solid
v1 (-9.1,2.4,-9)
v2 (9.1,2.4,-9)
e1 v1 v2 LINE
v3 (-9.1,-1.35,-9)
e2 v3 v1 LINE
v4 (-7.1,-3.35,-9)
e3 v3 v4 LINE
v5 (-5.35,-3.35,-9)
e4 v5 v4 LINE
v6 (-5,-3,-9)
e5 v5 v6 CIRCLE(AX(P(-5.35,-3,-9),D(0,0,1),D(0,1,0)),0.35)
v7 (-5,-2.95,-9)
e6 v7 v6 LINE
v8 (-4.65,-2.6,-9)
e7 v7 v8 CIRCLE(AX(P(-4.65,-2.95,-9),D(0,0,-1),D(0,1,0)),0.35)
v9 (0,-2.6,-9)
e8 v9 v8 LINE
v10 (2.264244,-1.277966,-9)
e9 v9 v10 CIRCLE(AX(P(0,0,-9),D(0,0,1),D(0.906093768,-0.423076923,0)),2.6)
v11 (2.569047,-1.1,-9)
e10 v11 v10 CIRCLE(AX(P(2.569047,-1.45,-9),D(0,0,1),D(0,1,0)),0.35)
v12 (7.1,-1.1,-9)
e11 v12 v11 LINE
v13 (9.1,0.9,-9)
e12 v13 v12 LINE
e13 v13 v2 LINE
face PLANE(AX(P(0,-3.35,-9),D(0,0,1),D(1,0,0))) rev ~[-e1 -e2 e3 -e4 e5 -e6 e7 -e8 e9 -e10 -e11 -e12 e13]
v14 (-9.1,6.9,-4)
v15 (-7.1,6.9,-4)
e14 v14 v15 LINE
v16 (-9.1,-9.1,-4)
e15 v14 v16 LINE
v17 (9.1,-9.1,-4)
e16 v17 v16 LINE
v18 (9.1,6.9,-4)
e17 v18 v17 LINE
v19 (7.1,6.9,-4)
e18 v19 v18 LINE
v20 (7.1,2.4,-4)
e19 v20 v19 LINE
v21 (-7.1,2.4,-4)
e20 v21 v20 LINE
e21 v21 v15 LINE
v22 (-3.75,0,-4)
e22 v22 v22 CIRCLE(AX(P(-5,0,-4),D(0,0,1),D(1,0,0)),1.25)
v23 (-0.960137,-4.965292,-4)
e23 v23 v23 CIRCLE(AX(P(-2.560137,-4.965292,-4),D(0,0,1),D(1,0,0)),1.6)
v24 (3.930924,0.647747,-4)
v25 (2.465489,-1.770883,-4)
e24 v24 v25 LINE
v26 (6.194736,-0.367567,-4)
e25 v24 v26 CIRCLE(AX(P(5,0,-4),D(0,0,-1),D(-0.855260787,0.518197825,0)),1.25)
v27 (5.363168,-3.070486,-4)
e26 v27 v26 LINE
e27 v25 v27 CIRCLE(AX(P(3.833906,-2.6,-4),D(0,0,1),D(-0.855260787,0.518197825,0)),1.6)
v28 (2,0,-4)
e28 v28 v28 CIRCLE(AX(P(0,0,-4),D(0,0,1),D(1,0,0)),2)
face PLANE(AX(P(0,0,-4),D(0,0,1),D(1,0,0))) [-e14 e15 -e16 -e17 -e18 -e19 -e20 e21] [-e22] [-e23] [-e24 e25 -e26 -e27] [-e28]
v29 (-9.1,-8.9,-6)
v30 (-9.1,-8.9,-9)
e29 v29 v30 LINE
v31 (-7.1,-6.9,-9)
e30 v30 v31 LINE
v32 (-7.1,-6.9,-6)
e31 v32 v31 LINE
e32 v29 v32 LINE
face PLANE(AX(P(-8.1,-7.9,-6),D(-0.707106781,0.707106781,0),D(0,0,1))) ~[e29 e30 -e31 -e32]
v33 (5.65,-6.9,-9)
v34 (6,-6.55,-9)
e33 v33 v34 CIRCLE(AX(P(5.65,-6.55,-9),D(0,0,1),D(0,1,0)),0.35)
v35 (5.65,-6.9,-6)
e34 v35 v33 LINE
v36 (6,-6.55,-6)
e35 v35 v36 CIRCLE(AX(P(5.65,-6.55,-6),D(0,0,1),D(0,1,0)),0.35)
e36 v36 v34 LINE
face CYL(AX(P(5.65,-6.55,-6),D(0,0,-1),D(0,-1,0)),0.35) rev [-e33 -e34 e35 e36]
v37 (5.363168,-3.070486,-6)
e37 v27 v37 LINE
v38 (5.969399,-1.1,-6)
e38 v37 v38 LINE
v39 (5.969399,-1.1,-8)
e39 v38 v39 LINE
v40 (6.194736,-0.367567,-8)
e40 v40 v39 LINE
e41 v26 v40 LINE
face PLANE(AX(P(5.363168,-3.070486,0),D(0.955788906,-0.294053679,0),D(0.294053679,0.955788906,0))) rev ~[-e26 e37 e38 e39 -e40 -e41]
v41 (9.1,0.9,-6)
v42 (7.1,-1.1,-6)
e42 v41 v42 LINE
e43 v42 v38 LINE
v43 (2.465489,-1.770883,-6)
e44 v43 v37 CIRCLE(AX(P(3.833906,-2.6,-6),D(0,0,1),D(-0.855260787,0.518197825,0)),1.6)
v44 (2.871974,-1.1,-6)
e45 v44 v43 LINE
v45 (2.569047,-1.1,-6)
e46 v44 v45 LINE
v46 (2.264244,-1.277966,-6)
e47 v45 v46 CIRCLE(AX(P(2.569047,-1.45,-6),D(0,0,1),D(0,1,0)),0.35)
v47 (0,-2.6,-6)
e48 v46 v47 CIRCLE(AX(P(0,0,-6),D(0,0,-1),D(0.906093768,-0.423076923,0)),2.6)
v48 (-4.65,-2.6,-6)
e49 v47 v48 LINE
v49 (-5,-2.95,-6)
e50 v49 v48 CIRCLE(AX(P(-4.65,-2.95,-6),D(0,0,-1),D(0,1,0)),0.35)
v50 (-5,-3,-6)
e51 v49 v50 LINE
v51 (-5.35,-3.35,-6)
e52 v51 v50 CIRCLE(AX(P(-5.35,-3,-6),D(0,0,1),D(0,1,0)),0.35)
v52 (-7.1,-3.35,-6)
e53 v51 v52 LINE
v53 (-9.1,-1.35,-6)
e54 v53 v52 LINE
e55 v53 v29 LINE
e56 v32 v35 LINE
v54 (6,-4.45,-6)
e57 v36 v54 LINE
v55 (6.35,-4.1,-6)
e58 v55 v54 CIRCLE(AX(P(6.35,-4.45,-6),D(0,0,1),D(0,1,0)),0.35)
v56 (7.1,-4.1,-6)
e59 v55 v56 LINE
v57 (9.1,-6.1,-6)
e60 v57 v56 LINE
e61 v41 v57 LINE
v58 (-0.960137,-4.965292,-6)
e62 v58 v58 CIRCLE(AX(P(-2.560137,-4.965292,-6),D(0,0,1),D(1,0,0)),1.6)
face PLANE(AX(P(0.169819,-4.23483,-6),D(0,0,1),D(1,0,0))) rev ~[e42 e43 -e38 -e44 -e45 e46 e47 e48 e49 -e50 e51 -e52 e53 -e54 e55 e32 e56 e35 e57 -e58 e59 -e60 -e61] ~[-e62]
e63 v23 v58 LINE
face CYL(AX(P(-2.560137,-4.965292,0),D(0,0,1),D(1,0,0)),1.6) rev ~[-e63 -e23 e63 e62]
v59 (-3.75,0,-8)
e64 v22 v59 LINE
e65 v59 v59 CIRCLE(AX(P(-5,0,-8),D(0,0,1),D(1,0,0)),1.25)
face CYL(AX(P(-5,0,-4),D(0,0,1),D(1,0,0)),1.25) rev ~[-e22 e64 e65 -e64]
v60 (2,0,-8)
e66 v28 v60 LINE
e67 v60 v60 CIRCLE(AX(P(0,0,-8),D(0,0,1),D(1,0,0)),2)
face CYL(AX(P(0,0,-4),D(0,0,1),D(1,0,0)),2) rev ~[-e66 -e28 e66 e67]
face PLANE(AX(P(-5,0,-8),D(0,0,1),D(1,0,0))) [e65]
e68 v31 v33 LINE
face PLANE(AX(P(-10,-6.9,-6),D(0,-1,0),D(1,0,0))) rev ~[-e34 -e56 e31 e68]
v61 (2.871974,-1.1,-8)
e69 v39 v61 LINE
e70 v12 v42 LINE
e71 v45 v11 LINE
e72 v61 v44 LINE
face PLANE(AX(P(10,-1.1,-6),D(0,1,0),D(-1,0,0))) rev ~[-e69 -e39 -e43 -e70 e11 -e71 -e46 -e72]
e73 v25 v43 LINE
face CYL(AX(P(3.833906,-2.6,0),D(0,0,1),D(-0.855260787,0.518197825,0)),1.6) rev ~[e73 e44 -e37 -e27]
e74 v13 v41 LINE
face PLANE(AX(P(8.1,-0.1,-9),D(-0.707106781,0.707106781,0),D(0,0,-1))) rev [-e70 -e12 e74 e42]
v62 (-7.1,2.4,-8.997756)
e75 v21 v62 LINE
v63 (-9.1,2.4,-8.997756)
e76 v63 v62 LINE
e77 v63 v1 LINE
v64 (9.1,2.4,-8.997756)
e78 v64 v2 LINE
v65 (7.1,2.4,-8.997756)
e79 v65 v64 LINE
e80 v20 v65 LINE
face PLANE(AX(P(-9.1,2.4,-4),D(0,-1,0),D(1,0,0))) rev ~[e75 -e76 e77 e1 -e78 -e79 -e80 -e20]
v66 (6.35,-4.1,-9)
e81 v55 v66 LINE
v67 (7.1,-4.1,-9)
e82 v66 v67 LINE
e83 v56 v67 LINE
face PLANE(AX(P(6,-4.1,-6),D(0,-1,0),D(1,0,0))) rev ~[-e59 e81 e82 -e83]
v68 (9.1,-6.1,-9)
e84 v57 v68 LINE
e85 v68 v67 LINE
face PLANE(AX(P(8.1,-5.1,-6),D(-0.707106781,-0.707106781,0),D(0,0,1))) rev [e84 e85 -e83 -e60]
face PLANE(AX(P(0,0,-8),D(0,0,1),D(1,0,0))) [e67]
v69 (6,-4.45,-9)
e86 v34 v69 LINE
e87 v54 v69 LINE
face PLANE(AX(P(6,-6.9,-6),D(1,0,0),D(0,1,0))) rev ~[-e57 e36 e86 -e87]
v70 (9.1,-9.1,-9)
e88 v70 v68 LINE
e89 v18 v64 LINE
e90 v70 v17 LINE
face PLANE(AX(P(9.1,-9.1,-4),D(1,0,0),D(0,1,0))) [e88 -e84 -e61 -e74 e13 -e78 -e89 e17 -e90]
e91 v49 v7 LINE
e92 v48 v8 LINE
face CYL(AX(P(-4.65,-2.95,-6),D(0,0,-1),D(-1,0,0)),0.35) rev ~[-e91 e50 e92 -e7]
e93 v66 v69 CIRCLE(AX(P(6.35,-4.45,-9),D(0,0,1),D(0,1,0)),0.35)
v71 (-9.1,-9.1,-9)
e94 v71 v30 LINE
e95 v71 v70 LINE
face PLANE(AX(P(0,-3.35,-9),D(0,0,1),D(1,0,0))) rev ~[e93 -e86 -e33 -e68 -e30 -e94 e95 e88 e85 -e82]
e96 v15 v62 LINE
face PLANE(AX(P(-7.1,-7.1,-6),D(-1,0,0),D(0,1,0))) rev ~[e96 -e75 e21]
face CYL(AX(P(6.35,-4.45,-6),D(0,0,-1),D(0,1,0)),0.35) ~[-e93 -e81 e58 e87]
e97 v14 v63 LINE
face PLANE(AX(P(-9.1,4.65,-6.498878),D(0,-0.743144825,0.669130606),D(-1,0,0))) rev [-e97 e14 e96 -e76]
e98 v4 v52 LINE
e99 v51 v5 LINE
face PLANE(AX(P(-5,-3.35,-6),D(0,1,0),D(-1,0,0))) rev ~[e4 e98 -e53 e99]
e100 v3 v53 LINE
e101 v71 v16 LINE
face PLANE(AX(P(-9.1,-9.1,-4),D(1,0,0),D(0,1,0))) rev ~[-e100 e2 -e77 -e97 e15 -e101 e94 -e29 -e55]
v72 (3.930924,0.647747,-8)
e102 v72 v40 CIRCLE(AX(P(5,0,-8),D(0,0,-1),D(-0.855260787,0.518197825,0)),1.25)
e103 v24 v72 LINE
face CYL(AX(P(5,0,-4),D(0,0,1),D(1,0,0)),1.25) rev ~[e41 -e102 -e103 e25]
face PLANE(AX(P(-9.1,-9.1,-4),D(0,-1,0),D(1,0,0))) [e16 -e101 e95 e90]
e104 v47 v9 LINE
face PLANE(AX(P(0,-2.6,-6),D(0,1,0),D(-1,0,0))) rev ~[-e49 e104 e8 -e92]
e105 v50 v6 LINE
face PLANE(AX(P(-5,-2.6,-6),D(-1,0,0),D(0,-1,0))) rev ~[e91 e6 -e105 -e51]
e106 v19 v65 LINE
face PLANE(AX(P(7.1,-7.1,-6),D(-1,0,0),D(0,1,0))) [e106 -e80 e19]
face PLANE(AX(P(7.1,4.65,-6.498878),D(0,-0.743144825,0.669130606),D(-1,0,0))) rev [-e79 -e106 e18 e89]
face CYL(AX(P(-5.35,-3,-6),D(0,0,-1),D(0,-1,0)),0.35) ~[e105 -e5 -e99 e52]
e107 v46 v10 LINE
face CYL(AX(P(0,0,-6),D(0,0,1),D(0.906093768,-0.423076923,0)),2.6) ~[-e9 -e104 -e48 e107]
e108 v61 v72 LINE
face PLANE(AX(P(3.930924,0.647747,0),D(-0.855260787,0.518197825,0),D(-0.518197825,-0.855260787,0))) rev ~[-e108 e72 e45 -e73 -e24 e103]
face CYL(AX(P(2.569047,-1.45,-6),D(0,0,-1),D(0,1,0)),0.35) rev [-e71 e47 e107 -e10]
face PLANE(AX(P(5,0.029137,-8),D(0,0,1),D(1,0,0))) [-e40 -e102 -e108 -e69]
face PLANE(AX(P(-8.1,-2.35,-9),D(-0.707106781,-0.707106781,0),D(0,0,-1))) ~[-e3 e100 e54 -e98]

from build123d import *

# Parameters (mm, degrees)
OUTER_FRAME_EXTRUDE_DEPTH      = 4
OUTER_FRAME_EXTRUDE_DEPTH_BACK = 2
OUTSIDE_FRAME_W                = 18.2
OUTSIDE_FRAME_H                = 18.2
OUTSIDE_FRAME_W_2              = 14.2
OUTSIDE_FRAME_H_2              = 14.2
HOTSWAP_BASE_W                 = 18.2
HOTSWAP_BASE_H                 = 11.5
HOTSWAP_BASE_BLOCK_DEPTH       = 5
CUT_EXTRUDE4_DEPTH             = 16.704139582
CUT_EXTRUDE4_DEPTH_BACK        = 16.704139582
SKETCH1_W                      = 2
SKETCH1_H                      = 6.7
CUT_EXTRUDE1_DEPTH             = 4
SWITCH_PIN_HOLES_R             = 2
SWITCH_PIN_HOLES_R_2           = 1.25
SWITCH_HOLES_DEPTH             = 4
CUT_EXTRUDE3_REACH             = 17.704
HOTSWAP_HOLES_R                = 1.6
CHAMFER1_SIZE                  = 2
CHAMFER2_SIZE                  = 4.5
CHAMFER2_SIZE2                 = 4.997756317
FILLET1_R                      = 0.35


with BuildPart() as part:
    # Outside Frame → Outer Frame Extrude (new, two sides: drawn at the far end of the back side and taken through both)
    with BuildSketch(Plane.XY.offset(-4).offset(-OUTER_FRAME_EXTRUDE_DEPTH_BACK)):
        Rectangle(OUTSIDE_FRAME_W, OUTSIDE_FRAME_H)
        Rectangle(OUTSIDE_FRAME_W_2, OUTSIDE_FRAME_H_2, mode=Mode.SUBTRACT)
    extrude(amount=OUTER_FRAME_EXTRUDE_DEPTH + OUTER_FRAME_EXTRUDE_DEPTH_BACK)

    # Hotswap Base → Hotswap Base Block (add)
    with BuildSketch(Plane.XY.offset(-4)):
        with Locations((0, -3.35)):
            Rectangle(HOTSWAP_BASE_W, HOTSWAP_BASE_H)
    extrude(amount=-HOTSWAP_BASE_BLOCK_DEPTH)

    # Sketch1 → Cut-Extrude4 (cut, two sides: drawn at the far end of the back side and taken through both)
    with BuildSketch(Plane(origin=(0, 0, 0), x_dir=(0, 0, -1), z_dir=(1, 0, 0)).offset(-CUT_EXTRUDE4_DEPTH_BACK)):
        with Locations((5, 5.75)):
            Rectangle(SKETCH1_W, SKETCH1_H)
    extrude(amount=CUT_EXTRUDE4_DEPTH + CUT_EXTRUDE4_DEPTH_BACK, mode=Mode.SUBTRACT)

    # Hotswap Well → Cut-Extrude1 (cut)
    with BuildSketch(Plane(origin=(0, 0, -6), x_dir=(-1, 0, 0), z_dir=(0, 0, -1))):
        with BuildLine():
            Line((-10, -1.1), (-2.355843798, -1.1))
            ThreePointArc((-2.355843798, -1.1), (-1.396424004, -2.19317122), (0, -2.6))
            Line((0, -2.6), (5, -2.6))
            Line((5, -2.6), (5, -3.35))
            Line((5, -3.35), (10, -3.35))
            Line((10, -3.35), (10, -6.9))
            Line((10, -6.9), (-6, -6.9))
            Line((-6, -6.9), (-6, -4.1))
            Line((-6, -4.1), (-10, -4.1))
            Line((-10, -4.1), (-10, -1.1))
        make_face()
    extrude(amount=CUT_EXTRUDE1_DEPTH, mode=Mode.SUBTRACT)

    # Switch Pin Holes → Switch Holes (cut)
    with BuildSketch(Plane.XY.offset(-4)):
        Circle(SWITCH_PIN_HOLES_R)
        with Locations((-5, 0)):
            Circle(SWITCH_PIN_HOLES_R_2)
        with Locations((5, 0)):
            Circle(SWITCH_PIN_HOLES_R_2)
    extrude(amount=-SWITCH_HOLES_DEPTH, mode=Mode.SUBTRACT)

    # Cut-Extrude3: up to this face of the body (flat: up to its plane)
    cut_extrude3_end = Plane(part.part.faces().sort_by_distance((5, 0.029137252, -8))[0])
    # Hotswap Holes → Cut-Extrude3 (cut, up to the picked face)
    with BuildSketch(Plane.XY, mode=Mode.PRIVATE) as cut_extrude3_sk1:
        with Locations((-2.560136595, -4.965291588)):
            Circle(HOTSWAP_HOLES_R)
    cut_extrude3_tool1 = split(extrude(cut_extrude3_sk1.sketch, amount=-CUT_EXTRUDE3_REACH, mode=Mode.PRIVATE), bisect_by=cut_extrude3_end, keep=Keep.BOTH, mode=Mode.PRIVATE)
    # Hotswap Holes → Cut-Extrude3 (cut, up to the picked face)
    with BuildSketch(Plane.XY, mode=Mode.PRIVATE) as cut_extrude3_sk2:
        with BuildLine():
            Line((3.930924016, 0.647747281), (2.46548889, -1.77088348))
            ThreePointArc((2.46548889, -1.77088348), (3.179147124, -4.059894044), (5.3631684, -3.070485887))
            Line((5.3631684, -3.070485887), (6.194736133, -0.367567099))
            ThreePointArc((6.194736133, -0.367567099), (5.511530489, 1.140542222), (3.930924016, 0.647747281))
        make_face()
    cut_extrude3_tool2 = split(extrude(cut_extrude3_sk2.sketch, amount=-CUT_EXTRUDE3_REACH, mode=Mode.PRIVATE), bisect_by=cut_extrude3_end, keep=Keep.BOTH, mode=Mode.PRIVATE)
    add(cut_extrude3_tool1.solids().sort_by(Axis((-2.560137, -4.965292, 0), (0, 0, -1)))[0], mode=Mode.SUBTRACT)
    add(cut_extrude3_tool2.solids().sort_by(Axis((4.301523, -1.557372, 0), (0, 0, -1)))[0], mode=Mode.SUBTRACT)

    # Chamfer1
    chamfer1_edges = [part.edges().sort_by_distance(p)[0] for p in [
        (9.1, -4.1, -7.5),
        (-9.1, -6.9, -7.5),
        (-9.1, -3.35, -7.5),
        (9.1, -1.1, -7.5),
    ]]
    chamfer(chamfer1_edges, length=CHAMFER1_SIZE)

    # Chamfer2
    chamfer2_edges = [part.edges().sort_by_distance(p)[0] for p in [
        (-8.1, 2.4, -4),
        (8.1, 2.4, -4),
    ]]
    chamfer2_side = [part.faces().sort_by_distance(p)[0] for p in [
        (8.1, 2.593940713, -4),
    ]]
    chamfer(chamfer2_edges, length=CHAMFER2_SIZE, length2=CHAMFER2_SIZE2, reference=chamfer2_side[0])

    # Fillet1
    fillet1_edges = [part.edges().sort_by_distance(p)[0] for p in [
        (6, -4.1, -7.5),
        (-5, -3.35, -7.5),
        (-5, -2.6, -7.5),
        (6, -6.9, -7.5),
        (2.355843798, -1.1, -7.5),
    ]]
    fillet(fillet1_edges, radius=FILLET1_R)

    # Split1
    split(bisect_by=Plane.XY.offset(-4), keep=Keep.BOTTOM)


solid = part.part
